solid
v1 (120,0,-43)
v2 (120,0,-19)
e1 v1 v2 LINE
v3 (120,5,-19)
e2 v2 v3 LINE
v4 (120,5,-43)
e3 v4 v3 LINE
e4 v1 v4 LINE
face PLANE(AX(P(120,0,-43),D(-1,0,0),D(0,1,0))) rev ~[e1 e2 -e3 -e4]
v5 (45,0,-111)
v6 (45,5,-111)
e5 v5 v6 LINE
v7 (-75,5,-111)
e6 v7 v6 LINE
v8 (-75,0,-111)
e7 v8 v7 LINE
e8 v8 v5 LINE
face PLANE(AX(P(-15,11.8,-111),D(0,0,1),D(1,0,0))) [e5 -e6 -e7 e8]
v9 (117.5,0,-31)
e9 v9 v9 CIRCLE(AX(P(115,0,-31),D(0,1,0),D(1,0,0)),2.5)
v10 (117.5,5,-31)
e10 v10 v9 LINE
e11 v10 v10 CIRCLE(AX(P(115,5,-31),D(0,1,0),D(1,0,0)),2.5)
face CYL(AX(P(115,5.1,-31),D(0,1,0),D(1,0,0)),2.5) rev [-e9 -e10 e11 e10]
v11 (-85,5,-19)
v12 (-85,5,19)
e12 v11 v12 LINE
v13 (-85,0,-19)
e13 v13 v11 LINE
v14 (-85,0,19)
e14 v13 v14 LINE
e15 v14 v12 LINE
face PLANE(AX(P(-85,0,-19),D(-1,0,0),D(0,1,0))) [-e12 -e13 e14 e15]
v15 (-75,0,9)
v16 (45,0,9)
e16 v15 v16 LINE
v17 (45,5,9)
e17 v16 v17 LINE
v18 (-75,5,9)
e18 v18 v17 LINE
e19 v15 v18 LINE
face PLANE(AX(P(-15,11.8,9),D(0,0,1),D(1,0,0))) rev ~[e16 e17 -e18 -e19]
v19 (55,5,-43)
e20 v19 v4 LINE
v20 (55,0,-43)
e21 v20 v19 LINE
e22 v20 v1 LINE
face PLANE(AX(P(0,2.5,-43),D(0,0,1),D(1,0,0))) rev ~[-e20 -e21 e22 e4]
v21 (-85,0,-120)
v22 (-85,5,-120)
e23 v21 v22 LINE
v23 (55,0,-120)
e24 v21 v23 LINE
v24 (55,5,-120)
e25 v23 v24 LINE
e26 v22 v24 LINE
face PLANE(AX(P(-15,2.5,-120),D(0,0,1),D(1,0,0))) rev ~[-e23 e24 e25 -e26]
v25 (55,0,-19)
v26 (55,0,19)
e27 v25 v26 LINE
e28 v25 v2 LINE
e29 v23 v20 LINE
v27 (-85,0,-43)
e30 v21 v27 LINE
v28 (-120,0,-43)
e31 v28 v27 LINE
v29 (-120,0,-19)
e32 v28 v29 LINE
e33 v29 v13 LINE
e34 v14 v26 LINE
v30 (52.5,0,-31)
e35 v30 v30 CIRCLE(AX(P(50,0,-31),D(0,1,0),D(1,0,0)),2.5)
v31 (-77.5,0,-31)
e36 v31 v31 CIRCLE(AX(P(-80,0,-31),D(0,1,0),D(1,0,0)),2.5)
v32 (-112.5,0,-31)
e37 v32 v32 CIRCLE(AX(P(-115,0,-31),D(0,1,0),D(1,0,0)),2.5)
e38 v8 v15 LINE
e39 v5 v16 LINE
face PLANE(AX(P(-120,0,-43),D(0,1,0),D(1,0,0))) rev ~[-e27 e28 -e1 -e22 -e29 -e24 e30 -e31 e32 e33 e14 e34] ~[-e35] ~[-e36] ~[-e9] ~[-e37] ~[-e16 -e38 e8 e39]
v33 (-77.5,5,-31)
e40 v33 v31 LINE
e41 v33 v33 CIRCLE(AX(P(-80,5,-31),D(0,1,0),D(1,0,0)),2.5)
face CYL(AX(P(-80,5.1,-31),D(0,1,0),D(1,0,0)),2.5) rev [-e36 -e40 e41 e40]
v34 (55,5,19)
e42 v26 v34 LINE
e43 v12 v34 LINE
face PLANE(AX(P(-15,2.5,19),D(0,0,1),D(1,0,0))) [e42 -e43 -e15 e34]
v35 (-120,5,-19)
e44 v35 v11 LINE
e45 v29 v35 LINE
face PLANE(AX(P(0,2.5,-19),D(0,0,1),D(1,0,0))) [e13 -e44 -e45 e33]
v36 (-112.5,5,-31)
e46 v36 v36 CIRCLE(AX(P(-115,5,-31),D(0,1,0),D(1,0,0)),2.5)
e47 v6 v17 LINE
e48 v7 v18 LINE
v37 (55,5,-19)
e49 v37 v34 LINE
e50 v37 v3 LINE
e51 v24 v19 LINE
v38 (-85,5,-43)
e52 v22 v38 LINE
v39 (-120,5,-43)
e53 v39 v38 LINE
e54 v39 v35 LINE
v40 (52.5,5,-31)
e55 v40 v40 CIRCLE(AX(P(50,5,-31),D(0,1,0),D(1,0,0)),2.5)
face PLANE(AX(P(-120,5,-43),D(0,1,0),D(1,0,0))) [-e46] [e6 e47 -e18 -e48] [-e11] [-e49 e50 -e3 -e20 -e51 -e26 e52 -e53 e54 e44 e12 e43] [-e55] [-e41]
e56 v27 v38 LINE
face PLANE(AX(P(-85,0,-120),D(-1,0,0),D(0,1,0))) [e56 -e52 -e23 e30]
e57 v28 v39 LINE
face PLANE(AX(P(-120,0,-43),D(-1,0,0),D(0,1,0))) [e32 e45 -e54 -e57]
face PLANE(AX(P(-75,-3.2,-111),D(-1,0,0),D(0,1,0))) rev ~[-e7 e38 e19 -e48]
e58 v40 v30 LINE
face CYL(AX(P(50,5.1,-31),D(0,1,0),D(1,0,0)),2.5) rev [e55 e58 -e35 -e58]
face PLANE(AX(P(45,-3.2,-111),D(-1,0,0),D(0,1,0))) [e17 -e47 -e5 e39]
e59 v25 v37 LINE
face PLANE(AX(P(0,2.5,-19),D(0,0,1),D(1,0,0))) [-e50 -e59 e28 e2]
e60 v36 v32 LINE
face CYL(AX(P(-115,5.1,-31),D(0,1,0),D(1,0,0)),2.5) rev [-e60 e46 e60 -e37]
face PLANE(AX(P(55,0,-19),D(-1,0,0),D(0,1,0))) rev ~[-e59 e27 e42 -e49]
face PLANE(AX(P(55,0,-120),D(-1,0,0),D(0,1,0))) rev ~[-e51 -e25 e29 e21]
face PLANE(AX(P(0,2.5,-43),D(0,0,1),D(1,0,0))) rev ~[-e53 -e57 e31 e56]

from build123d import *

# Parameters (mm, degrees)
BOX008_W          = 120
BOX008_H          = 30
BOX008_DEPTH      = 120
CYLINDER052_R     = 2.5
CYLINDER052_DEPTH = 10
CYLINDER053_R     = 2.5
CYLINDER053_DEPTH = 10
CYLINDER054_R     = 2.5
CYLINDER054_DEPTH = 10
CYLINDER055_R     = 2.5
CYLINDER055_DEPTH = 10
CYLINDER051_R     = 2.5
CYLINDER051_DEPTH = 10
CYLINDER056_R     = 2.5
CYLINDER056_DEPTH = 10
BOX001_W          = 240
BOX001_H          = 5
BOX001_DEPTH      = 24
BOX002_W          = 140
BOX002_H          = 5
BOX002_DEPTH      = 38
BOX003_W          = 140
BOX003_H          = 5
BOX003_DEPTH      = 77


with BuildPart() as gatewaycut:
    # Box008 → Box008 (new body)
    with BuildSketch(Plane(origin=(-75, -3.2, -111), x_dir=(1, 0, 0), z_dir=(0, 0, 1))):
        with Locations((60, 15)):
            Rectangle(BOX008_W, BOX008_H)
    extrude(amount=BOX008_DEPTH)


with BuildPart() as cylinder052:
    # Cylinder052 → Cylinder052 (new body)
    with BuildSketch(Plane(origin=(115, 0, -31), x_dir=(1, 0, 0), z_dir=(0, -1, 0))):
        Circle(CYLINDER052_R)
    extrude(amount=CYLINDER052_DEPTH)


with BuildPart() as cylinder053:
    # Cylinder053 → Cylinder053 (new body)
    with BuildSketch(Plane(origin=(-80, 0, -31), x_dir=(1, 0, 0), z_dir=(0, -1, 0))):
        Circle(CYLINDER053_R)
    extrude(amount=CYLINDER053_DEPTH)


with BuildPart() as cylinder054:
    # Cylinder054 → Cylinder054 (new body)
    with BuildSketch(Plane(origin=(50, 0, -31), x_dir=(1, 0, 0), z_dir=(0, -1, 0))):
        Circle(CYLINDER054_R)
    extrude(amount=CYLINDER054_DEPTH)


with BuildPart() as cylinder055:
    # Cylinder055 → Cylinder055 (new body)
    with BuildSketch(Plane(origin=(-45.75, 0, -56.3), x_dir=(1, 0, 0), z_dir=(0, -1, 0))):
        Circle(CYLINDER055_R)
    extrude(amount=CYLINDER055_DEPTH)


with BuildPart() as cylinder051:
    # Cylinder051 → Cylinder051 (new body)
    with BuildSketch(Plane(origin=(-115, 0, -31), x_dir=(1, 0, 0), z_dir=(0, -1, 0))):
        Circle(CYLINDER051_R)
    extrude(amount=CYLINDER051_DEPTH)


with BuildPart() as m3heatsetinserts001:
    # Cylinder056 → Cylinder056 (new body)
    with BuildSketch(Plane(origin=(-45.75, 0, -1.3), x_dir=(1, 0, 0), z_dir=(0, -1, 0))):
        Circle(CYLINDER056_R)
    extrude(amount=CYLINDER056_DEPTH)

    # Fusion018: union Cylinder052, Cylinder053, Cylinder054, Cylinder055, Cylinder051
    add(cylinder052.part)
    add(cylinder053.part)
    add(cylinder054.part)
    add(cylinder055.part)
    add(cylinder051.part)


with BuildPart() as m3heatsetinserts001_1:
    # Fusion018 placement: moved
    add(m3heatsetinserts001.part.moved(Location((0, 5.1, 0))))


with BuildPart() as cube:
    # Box001 → Box001 (new body)
    with BuildSketch(Plane(origin=(-120, 0, -43), x_dir=(1, 0, 0), z_dir=(0, 0, 1))):
        with Locations((120, 2.5)):
            Rectangle(BOX001_W, BOX001_H)
    extrude(amount=BOX001_DEPTH)


with BuildPart() as cube001:
    # Box002 → Box002 (new body)
    with BuildSketch(Plane(origin=(-85, 0, -19), x_dir=(1, 0, 0), z_dir=(0, 0, 1))):
        with Locations((70, 2.5)):
            Rectangle(BOX002_W, BOX002_H)
    extrude(amount=BOX002_DEPTH)


with BuildPart() as mainbase:
    # Box003 → Box003 (new body)
    with BuildSketch(Plane(origin=(-85, 0, -120), x_dir=(1, 0, 0), z_dir=(0, 0, 1))):
        with Locations((70, 2.5)):
            Rectangle(BOX003_W, BOX003_H)
    extrude(amount=BOX003_DEPTH)

    # Fusion013: union Cube, Cube001
    add(cube.part)
    add(cube001.part)

    # Cut003: cut M3HeatSetInserts001
    add(m3heatsetinserts001_1.part, mode=Mode.SUBTRACT)

    # Cut004: cut GatewayCut
    add(gatewaycut.part, mode=Mode.SUBTRACT)


solid = mainbase.part
